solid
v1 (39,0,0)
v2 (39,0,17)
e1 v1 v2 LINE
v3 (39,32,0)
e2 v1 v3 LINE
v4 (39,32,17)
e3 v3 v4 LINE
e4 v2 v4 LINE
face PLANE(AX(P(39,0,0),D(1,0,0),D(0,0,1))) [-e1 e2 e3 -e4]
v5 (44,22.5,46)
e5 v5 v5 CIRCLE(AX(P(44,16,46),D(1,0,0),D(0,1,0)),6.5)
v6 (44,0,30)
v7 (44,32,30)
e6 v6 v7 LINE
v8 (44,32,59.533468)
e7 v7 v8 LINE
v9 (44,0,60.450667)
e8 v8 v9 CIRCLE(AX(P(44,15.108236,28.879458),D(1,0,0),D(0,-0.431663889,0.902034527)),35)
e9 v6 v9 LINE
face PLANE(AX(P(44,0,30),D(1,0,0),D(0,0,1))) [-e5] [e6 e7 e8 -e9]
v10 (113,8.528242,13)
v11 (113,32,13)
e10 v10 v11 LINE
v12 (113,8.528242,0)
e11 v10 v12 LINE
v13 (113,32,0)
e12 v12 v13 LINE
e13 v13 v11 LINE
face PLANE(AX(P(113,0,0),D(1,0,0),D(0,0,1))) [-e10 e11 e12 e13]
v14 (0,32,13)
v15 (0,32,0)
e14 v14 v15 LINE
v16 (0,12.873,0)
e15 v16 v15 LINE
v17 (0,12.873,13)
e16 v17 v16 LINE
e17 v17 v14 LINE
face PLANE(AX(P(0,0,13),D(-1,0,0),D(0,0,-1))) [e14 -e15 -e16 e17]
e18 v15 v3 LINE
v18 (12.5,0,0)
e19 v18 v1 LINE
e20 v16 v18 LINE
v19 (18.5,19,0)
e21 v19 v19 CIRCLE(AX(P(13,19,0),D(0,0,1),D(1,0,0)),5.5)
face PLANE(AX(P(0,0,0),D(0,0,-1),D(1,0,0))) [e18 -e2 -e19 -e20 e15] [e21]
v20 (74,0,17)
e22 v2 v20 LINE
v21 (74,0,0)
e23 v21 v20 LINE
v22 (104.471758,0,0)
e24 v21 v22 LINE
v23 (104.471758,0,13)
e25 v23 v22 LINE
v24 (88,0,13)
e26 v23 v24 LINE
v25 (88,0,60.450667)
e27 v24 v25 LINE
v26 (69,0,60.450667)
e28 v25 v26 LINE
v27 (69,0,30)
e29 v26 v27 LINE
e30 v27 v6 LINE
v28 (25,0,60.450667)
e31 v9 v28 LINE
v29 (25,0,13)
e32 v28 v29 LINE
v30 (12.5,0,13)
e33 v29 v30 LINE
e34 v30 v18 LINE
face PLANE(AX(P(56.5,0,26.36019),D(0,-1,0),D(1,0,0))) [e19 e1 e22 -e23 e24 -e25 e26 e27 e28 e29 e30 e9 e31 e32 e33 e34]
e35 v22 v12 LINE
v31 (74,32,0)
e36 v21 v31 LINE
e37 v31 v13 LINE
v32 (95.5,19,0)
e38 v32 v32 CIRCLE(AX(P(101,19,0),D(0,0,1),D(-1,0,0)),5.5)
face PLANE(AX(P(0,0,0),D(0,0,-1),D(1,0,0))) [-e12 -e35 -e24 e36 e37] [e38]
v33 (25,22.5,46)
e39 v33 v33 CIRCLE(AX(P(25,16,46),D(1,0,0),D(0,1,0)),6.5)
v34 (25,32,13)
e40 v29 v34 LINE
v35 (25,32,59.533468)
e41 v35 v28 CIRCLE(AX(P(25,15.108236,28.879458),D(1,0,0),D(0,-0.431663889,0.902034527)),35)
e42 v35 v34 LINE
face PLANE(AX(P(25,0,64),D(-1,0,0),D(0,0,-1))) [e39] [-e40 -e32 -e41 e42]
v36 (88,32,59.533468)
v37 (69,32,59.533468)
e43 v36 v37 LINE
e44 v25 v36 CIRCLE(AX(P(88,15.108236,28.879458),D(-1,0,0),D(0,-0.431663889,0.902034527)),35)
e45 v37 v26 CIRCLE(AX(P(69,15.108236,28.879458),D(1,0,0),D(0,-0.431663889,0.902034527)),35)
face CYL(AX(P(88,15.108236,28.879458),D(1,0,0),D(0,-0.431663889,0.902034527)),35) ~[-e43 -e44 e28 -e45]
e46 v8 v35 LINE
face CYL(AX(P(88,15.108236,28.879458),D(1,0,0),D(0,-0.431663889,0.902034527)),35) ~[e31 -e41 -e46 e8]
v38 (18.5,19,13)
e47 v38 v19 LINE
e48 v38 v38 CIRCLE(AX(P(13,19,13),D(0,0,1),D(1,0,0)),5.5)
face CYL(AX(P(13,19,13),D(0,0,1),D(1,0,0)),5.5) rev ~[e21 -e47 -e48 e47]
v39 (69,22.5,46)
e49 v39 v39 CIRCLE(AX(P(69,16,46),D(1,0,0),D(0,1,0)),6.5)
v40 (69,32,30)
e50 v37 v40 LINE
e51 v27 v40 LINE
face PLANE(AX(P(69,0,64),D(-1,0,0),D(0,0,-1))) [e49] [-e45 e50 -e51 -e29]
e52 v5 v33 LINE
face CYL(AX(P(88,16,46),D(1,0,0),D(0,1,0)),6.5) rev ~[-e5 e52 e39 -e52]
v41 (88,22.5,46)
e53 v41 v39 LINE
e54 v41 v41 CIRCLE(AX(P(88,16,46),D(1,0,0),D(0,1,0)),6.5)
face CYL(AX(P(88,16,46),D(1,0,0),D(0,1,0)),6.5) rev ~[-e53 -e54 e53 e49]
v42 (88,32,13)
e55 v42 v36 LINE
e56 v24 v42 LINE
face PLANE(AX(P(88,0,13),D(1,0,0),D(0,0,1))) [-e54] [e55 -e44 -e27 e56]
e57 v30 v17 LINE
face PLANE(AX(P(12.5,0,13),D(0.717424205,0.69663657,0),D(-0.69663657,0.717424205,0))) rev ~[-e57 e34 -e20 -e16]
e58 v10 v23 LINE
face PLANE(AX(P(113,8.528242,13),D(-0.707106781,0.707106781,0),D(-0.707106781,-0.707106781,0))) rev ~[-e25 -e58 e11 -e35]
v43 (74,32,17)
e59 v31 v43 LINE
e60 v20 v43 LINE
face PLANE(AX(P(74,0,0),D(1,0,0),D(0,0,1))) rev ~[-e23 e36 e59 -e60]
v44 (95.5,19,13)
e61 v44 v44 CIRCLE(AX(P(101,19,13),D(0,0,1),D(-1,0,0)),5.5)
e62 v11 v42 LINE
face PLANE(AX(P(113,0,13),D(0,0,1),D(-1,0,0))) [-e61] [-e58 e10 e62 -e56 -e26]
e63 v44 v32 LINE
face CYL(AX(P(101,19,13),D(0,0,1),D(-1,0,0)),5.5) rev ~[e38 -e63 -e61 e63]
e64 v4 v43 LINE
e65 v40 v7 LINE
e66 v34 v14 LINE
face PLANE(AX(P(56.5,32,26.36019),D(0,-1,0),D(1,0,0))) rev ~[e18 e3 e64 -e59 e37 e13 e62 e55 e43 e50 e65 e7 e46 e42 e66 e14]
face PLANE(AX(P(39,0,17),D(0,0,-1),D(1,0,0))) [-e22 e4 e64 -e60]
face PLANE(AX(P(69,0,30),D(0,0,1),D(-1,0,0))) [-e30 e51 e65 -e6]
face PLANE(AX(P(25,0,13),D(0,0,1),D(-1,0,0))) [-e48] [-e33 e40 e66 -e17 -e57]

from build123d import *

# Parameters (mm, degrees)
F1_DEPTH  = 32
F2_W      = 35
F2_H      = 17
F4_DEPTH  = 32
F5_DEPTH  = 25
F6_R      = 6.5
F7_DEPTH  = 80
F9_DEPTH  = 80
F11_DEPTH = 25
F13_DEPTH = 25


with BuildPart() as f1:
    # F0 (on Front) → F1 (new body)
    with BuildSketch(Plane.XZ):
        Polygon((0, 0), (39, 0), (74, 0), (113, 0), (113, 13), (88, 13), (88, 64), (69, 64), (69, 30), (44, 30), (44, 64), (25, 64), (25, 13), (0, 13), align=None)
    extrude(amount=-F1_DEPTH)

    # F2 (on face) → F4 (cut)
    with BuildSketch(Plane.XZ):
        with Locations((56.5, 8.5)):
            Rectangle(F2_W, F2_H)
    extrude(amount=-F4_DEPTH, mode=Mode.SUBTRACT)

    # F3 (on face) → F5 (cut)
    with BuildSketch(Plane.XY.offset(13)):
        with BuildLine():
            ThreePointArc((106.5, 19), (101, 24.5), (95.5, 19))
            ThreePointArc((95.5, 19), (101, 13.5), (106.5, 19))
        make_face()
        with BuildLine():
            ThreePointArc((7.5, 19), (13, 13.5), (18.5, 19))
            ThreePointArc((18.5, 19), (13, 24.5), (7.5, 19))
        make_face()
    extrude(amount=-F5_DEPTH, mode=Mode.SUBTRACT)

    # F6 (on face) → F7 (cut)
    with BuildSketch(Plane.YZ.offset(88)):
        with Locations((16, 46)):
            Circle(F6_R)
    extrude(amount=-F7_DEPTH, mode=Mode.SUBTRACT)

    # F8 (on face) → F9 (cut)
    with BuildSketch(Plane.YZ.offset(88)):
        with BuildLine():
            ThreePointArc((0, 60.4506665125), (16.1110103603, 63.8650900471), (32, 59.5334678182))
            Line((32, 59.5334678182), (32, 64))
            Line((32, 64), (0, 64))
            Line((0, 64), (0, 60.4506665125))
        make_face()
    extrude(amount=-F9_DEPTH, mode=Mode.SUBTRACT)

    # F10 (on face) → F11 (cut)
    with BuildSketch(Plane.XY.offset(13)):
        Polygon((104.471758008, 0), (113, 0), (113, 8.528241992), align=None)
    extrude(amount=-F11_DEPTH, mode=Mode.SUBTRACT)

    # F12 (on face) → F13 (cut)
    with BuildSketch(Plane.XY.offset(13)):
        Polygon((0, 12.873), (0, 0), (12.5, 0), align=None)
    extrude(amount=-F13_DEPTH, mode=Mode.SUBTRACT)


solid = f1.part
